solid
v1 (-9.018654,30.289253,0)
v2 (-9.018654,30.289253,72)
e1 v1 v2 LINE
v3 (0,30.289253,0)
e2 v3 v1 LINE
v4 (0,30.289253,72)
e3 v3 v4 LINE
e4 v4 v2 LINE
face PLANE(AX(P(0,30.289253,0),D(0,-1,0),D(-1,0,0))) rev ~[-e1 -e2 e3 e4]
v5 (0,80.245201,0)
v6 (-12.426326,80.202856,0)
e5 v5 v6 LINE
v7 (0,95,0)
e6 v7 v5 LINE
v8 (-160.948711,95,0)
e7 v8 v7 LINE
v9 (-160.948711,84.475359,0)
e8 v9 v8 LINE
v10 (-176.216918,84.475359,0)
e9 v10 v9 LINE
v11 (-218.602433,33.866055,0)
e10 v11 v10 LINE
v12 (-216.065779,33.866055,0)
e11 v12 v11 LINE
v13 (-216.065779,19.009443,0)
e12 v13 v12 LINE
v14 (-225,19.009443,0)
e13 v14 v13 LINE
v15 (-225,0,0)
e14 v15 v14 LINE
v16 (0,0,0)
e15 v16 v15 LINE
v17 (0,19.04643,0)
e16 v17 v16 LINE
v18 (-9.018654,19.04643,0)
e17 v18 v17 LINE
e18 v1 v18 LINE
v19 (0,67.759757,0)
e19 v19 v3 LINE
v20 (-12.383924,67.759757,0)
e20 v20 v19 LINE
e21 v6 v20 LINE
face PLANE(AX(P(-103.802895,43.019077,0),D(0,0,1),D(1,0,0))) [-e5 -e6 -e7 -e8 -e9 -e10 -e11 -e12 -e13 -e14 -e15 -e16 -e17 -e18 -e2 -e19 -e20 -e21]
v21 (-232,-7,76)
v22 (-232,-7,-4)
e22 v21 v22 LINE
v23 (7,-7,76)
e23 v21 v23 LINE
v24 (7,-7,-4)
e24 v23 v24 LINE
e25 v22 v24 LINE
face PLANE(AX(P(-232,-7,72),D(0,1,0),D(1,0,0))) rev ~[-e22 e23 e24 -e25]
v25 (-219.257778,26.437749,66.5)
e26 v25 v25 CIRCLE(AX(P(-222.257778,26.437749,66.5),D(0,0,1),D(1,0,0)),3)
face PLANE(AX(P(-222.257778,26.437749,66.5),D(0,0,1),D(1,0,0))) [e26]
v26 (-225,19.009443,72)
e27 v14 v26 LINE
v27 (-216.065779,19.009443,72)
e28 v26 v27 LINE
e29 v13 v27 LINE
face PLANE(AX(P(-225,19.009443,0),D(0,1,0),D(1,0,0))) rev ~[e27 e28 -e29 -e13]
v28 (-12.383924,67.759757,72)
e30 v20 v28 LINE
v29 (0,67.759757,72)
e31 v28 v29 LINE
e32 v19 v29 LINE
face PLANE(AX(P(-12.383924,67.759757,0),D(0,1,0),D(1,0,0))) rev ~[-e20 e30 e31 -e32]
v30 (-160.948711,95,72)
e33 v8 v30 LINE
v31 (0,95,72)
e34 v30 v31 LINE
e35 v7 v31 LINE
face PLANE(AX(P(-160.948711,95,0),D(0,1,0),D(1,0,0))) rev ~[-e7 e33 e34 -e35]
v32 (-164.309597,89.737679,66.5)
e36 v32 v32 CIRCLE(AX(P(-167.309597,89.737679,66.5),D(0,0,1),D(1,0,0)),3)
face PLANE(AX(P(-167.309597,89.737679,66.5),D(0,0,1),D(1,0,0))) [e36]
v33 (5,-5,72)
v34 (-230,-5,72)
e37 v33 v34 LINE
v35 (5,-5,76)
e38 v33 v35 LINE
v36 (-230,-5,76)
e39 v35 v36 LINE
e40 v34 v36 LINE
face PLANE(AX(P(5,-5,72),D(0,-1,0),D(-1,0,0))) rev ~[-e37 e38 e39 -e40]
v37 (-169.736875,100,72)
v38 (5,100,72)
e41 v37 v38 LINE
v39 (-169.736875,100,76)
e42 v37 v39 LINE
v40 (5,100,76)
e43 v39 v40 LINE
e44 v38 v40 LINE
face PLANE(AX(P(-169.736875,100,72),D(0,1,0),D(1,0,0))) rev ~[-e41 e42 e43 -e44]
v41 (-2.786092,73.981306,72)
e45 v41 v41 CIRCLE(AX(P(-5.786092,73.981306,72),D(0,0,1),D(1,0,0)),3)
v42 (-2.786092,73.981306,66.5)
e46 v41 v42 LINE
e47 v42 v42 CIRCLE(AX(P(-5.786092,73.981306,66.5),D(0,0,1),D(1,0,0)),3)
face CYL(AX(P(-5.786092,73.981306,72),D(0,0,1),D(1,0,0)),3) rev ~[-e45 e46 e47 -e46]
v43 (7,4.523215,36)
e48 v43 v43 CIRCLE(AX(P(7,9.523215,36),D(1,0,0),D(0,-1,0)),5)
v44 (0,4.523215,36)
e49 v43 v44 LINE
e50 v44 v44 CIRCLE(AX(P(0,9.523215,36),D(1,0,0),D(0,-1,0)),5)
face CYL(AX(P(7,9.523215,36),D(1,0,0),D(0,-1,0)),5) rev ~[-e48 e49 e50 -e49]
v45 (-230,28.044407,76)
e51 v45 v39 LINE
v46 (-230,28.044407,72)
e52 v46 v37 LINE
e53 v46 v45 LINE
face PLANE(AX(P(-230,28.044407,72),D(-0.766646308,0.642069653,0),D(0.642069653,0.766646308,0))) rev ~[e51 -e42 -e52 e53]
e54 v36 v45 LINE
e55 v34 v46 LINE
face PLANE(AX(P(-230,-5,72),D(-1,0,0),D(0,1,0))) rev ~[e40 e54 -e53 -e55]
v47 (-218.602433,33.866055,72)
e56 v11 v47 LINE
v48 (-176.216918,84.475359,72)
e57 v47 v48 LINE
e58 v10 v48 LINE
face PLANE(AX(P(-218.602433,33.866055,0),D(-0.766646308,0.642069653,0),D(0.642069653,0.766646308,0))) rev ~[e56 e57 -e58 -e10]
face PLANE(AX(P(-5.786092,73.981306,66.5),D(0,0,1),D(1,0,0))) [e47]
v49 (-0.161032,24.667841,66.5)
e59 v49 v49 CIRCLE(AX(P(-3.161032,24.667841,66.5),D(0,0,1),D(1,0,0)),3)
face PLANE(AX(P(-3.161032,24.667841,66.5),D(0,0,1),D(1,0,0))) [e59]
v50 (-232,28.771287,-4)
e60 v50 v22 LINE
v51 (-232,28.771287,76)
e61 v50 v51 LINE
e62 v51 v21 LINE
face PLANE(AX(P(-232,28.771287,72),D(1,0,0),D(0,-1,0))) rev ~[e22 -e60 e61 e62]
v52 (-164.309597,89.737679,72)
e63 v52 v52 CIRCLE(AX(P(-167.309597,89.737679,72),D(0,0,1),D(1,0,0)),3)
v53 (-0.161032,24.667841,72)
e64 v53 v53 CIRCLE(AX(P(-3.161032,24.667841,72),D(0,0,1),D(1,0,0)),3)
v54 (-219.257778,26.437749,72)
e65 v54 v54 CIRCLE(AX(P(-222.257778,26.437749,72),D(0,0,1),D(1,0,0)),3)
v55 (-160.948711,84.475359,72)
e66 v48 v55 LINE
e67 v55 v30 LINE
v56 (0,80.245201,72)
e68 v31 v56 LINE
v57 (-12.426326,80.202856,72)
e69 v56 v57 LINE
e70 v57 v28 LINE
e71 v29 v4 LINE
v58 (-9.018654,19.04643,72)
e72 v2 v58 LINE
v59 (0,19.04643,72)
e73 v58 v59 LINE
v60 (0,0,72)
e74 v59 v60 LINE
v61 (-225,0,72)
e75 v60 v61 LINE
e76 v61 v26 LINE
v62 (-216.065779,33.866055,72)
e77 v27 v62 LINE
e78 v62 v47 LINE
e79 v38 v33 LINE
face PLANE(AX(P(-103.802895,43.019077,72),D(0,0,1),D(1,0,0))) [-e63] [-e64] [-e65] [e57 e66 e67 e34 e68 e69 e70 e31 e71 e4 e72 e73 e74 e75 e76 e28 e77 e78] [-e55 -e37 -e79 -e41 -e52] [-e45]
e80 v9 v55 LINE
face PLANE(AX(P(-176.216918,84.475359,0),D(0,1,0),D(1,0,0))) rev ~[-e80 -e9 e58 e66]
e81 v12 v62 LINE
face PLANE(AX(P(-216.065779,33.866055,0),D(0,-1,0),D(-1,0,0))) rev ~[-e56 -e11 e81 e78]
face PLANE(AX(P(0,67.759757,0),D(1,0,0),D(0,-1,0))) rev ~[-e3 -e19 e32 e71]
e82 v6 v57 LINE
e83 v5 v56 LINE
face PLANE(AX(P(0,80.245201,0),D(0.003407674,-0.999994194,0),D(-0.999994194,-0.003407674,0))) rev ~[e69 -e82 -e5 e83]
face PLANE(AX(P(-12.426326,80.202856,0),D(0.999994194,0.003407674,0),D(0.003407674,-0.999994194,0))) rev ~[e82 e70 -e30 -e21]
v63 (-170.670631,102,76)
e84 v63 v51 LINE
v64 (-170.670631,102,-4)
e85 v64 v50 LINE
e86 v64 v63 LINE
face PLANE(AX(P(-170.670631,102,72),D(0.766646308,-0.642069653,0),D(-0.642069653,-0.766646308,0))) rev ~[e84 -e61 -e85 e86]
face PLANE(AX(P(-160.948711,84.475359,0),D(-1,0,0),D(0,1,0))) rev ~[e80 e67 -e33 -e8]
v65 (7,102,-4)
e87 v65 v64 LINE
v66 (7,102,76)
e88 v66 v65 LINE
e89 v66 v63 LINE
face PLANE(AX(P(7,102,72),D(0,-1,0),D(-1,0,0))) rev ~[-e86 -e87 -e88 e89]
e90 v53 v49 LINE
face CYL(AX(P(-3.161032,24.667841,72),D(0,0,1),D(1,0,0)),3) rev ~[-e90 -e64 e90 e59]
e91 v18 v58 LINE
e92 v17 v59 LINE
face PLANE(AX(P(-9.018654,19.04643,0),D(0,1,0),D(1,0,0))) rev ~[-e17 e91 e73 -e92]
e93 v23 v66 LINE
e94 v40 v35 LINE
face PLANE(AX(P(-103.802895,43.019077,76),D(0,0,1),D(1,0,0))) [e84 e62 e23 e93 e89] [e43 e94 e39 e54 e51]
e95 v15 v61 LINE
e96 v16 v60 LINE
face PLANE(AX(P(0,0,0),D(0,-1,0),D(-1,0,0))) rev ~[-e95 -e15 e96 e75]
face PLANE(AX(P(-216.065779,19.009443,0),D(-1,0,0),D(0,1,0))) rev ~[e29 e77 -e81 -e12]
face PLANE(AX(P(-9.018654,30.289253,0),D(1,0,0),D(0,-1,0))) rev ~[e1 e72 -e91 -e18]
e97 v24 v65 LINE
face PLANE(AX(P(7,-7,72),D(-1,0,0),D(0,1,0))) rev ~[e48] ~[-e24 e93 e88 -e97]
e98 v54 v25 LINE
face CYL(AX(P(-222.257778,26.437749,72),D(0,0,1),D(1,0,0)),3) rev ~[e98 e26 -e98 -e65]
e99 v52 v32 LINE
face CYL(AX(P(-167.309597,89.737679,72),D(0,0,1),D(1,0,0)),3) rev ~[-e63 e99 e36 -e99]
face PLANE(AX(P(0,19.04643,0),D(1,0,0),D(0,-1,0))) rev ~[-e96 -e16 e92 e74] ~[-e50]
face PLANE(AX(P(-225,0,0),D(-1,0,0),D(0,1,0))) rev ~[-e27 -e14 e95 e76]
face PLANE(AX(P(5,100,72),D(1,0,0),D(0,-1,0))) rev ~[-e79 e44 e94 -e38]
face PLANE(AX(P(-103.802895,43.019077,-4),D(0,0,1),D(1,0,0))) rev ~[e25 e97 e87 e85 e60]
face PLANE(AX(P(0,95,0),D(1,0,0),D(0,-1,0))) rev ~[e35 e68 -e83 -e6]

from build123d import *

# Parameters (mm, degrees)
F1_DEPTH = 72
F3_DEPTH = 4
F5_DEPTH = 4
F7_DEPTH = 25
F8_R     = 3
F9_DEPTH = 5.5


with BuildPart() as f1:
    # F0 (on Top) → F1 (new body)
    with BuildSketch(Plane.XY):
        Polygon((-232, 28.7712871801), (-232, 9), (-232, -7), (7, -7), (7, 102), (-170.6706311353, 102), align=None)
        Polygon((0, 9), (0, 0), (-11.2000130415, 0), (-29.7000130415, 0), (-48.2000130415, 0), (-66.7000130415, 0), (-85.2000130415, 0), (-103.7000130415, 0), (-122.2000130415, 0), (-140.7000130415, 0), (-159.2000130415, 0), (-177.7000130415, 0), (-196.2000130415, 0), (-214.7000130415, 0), (-225, 0), (-225, 9), (-225, 19.009443), (-216.0657793283, 19.009443), (-216.0657793283, 33.8660545808), (-218.6024326595, 33.8660545808), (-176.2169181556, 84.4753585209), (-160.9487113722, 84.4753585209), (-160.9487113722, 95), (0, 95), (0, 80.24520114), (-12.4263259421, 80.2028560212), (-12.3839236644, 67.7597565904), (0, 67.7597565904), (0, 30.28925322), (-9.0186540037, 30.28925322), (-9.0186540037, 19.0464295447), (0, 19.0464295447), align=None, mode=Mode.SUBTRACT)
    extrude(amount=F1_DEPTH)

    # F2 (on Top) → F3 (join)
    with BuildSketch(Plane.XY):
        Polygon((-170.6706311353, 102), (-232, 28.7712871801), (-232, -7), (7, -7), (7, 102), align=None)
    extrude(amount=-F3_DEPTH)

    # F4 (on face) → F5 (join)
    with BuildSketch(Plane.XY.offset(72)):
        Polygon((7, 102), (-170.6706311353, 102), (-232, 28.7712871801), (-232, -7), (7, -7), align=None)
        Polygon((-230, -5), (-230, 28.0444074988), (-169.7368749983, 100), (5, 100), (5, -5), align=None, mode=Mode.SUBTRACT)
    extrude(amount=F5_DEPTH)

    # F6 (on face) → F7 (cut)
    with BuildSketch(Plane.YZ.offset(7)):
        with BuildLine():
            Line((4.5232147723, 36), (14.5232147723, 36))
            ThreePointArc((14.5232147723, 36), (9.5232147723, 41), (4.5232147723, 36))
        make_face()
        with BuildLine():
            ThreePointArc((4.5232147723, 36), (9.5232147723, 31), (14.5232147723, 36))
            Line((14.5232147723, 36), (4.5232147723, 36))
        make_face()
    extrude(amount=-F7_DEPTH, mode=Mode.SUBTRACT)

    # F8 (on face) → F9 (cut)
    with BuildSketch(Plane.XY.offset(72)):
        with Locations((-167.3095971346, 89.7376792604)):
            Circle(F8_R)
        with Locations((-222.2577780485, 26.4377487904)):
            Circle(F8_R)
        with Locations((-5.7860915549, 73.9813063058)):
            Circle(F8_R)
        with Locations((-3.1610322185, 24.6678413823)):
            Circle(F8_R)
    extrude(amount=-F9_DEPTH, mode=Mode.SUBTRACT)


solid = f1.part
